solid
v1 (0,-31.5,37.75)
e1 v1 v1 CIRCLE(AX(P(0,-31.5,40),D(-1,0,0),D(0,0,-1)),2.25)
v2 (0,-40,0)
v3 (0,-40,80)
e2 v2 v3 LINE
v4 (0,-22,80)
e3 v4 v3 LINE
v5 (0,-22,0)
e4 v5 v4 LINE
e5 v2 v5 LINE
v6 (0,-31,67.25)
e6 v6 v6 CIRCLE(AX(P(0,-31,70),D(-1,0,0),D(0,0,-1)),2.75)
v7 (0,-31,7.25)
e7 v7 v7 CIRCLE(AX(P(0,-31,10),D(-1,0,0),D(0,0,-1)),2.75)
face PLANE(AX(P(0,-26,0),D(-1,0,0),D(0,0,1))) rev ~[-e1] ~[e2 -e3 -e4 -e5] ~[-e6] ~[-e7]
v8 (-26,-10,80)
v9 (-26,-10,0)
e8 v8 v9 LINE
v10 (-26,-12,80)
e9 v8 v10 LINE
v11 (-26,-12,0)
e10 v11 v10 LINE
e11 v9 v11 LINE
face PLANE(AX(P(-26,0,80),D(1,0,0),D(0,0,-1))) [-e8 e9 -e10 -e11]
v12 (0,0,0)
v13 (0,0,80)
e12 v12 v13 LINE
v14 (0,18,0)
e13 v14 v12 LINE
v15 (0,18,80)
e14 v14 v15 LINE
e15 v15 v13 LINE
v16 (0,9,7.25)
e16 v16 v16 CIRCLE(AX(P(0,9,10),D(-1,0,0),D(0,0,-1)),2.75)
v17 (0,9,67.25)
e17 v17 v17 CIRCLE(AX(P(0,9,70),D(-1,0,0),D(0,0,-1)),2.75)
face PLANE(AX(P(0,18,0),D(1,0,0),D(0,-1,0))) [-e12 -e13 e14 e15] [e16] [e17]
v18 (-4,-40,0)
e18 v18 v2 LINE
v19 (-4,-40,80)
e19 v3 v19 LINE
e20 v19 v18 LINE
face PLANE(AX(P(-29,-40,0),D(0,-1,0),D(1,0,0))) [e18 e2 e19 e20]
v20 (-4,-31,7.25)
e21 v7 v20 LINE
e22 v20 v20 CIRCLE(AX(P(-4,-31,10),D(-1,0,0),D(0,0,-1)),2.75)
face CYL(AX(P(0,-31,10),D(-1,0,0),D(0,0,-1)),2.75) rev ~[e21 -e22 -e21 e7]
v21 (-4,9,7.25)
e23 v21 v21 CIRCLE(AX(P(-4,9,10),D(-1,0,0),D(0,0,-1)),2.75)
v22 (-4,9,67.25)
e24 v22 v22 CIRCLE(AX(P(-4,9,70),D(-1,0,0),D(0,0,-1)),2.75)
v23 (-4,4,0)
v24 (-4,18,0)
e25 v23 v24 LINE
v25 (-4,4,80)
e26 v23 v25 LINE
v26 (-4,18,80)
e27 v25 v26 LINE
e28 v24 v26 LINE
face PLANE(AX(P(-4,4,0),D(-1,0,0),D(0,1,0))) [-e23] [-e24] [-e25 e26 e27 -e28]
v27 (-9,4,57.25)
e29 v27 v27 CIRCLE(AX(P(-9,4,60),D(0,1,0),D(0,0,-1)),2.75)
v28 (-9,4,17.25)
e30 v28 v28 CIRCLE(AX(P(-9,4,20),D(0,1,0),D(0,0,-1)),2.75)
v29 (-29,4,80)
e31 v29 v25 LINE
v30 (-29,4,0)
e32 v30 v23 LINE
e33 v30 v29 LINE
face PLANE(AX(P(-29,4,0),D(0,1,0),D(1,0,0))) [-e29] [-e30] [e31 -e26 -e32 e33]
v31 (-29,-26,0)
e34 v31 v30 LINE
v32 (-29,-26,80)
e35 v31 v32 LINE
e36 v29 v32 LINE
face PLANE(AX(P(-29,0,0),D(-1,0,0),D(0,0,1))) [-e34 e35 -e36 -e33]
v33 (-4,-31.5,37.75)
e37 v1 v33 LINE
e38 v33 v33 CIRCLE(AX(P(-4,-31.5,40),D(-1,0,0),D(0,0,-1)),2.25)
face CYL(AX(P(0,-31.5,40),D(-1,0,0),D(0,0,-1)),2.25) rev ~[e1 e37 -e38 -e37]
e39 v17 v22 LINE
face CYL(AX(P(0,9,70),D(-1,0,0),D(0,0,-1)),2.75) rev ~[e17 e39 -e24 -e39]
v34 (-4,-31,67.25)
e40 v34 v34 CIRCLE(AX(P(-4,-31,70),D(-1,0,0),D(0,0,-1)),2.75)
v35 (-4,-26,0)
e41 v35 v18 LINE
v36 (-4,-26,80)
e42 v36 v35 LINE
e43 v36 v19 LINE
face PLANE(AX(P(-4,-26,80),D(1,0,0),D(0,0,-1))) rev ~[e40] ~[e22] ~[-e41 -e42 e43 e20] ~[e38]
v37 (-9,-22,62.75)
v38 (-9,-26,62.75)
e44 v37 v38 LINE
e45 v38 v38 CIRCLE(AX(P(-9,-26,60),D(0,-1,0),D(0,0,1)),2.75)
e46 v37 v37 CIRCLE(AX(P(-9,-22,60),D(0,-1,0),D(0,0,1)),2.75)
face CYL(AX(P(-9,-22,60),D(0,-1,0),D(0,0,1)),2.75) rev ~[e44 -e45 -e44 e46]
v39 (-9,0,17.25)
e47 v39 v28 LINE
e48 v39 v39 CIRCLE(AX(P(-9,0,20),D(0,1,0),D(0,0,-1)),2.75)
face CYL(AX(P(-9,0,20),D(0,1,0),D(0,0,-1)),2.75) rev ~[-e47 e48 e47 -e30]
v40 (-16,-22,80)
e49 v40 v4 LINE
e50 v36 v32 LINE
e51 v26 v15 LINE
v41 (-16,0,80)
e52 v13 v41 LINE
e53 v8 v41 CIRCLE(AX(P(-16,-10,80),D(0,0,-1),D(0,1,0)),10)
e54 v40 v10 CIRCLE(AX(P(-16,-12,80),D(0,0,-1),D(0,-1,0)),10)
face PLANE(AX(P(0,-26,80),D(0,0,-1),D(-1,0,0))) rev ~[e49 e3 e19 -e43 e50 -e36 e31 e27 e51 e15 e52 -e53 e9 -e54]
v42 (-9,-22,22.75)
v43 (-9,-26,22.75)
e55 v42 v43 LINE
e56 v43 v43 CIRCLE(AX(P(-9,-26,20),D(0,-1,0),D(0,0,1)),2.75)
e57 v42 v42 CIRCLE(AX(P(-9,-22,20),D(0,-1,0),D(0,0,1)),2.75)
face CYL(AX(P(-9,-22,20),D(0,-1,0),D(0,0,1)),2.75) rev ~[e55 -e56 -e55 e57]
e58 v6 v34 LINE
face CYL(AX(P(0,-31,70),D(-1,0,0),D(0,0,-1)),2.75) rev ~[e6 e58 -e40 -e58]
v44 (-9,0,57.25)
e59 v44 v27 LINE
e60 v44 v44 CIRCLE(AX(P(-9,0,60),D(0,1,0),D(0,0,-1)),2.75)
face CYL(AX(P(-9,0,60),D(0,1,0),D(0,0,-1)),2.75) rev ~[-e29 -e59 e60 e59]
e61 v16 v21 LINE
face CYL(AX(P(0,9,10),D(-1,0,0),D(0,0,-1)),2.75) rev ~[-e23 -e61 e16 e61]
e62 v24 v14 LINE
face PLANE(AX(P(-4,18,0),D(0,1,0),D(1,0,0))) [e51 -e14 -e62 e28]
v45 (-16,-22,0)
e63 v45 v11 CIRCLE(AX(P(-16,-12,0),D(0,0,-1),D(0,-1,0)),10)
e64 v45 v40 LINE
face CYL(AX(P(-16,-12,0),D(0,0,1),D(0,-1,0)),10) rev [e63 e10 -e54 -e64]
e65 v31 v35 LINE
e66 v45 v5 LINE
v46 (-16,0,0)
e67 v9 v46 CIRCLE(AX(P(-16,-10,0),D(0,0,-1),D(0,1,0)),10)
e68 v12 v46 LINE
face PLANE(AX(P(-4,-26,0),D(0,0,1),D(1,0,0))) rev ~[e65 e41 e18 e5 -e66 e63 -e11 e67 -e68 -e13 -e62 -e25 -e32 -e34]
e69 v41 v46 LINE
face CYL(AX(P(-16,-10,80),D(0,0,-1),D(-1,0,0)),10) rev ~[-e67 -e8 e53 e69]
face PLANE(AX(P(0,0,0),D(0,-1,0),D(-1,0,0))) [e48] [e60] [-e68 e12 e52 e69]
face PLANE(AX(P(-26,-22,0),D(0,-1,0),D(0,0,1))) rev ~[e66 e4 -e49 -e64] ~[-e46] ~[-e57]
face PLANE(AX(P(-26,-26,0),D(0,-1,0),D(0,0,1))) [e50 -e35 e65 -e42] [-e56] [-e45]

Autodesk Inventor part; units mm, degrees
ref_plane "YZ Plane" through (0, 0, 0) normal (1, 0, 0) x (0, 1, 0)
ref_plane "XZ Plane" through (0, 0, 0) normal (0, 1, 0) x (-1, 0, 0)
ref_plane "XY Plane" through (0, 0, 0) normal (0, 0, 1) x (1, 0, 0)
sketch "Sketch1" plane through (0, 0, 0) normal (0, 0, 1) x (1, 0, 0)
  line L0 (0, 0) -> (-29, 0)
  line L1 (-29, 0) -> (-29, 4)
  line L2 (-29, 4) -> (-4, 4)
  line L3 (-4, 4) -> (-4, 18)
  line L4 (-4, 18) -> (0, 18)
  line L5 (0, 18) -> (0, 0)
  dimension "d0" = 4
  dimension "d1" = 4
  dimension "d2" = 29
  dimension "d3" = 18
extrude "Extrusion1" add sketch "Sketch1" along normal blind 80
sketch "Sketch3" plane through (0, 0, 0) normal (1, 0, 0) x (0, 0, -1)
  line L0 (0, 0) -> (-80, 0) projected
  line L1 (-80, 0) -> (-80, 18) projected
  line L2 (0, 0) -> (0, 18) projected
  point P0 (-70, 9)
  point P1 (-10, 9)
  dimension "d9" = 9
  dimension "d10" = 10
  dimension "d11" = 10
hole "Hole1" at (0, 9, 70) at (0, 9, 10) direction (-1, 0, 0) diameter 5.5 end through all
sketch "Sketch4" plane through (-29, 0, 0) normal (0, -1, 0) x (1, 0, 0)
  line L0 (29, 0) -> (29, 80) projected
  line L1 (0, 0) -> (29, 0) projected
  point P0 (20, 60)
  point P1 (20, 20)
  dimension "d19" = 9
  dimension "d20" = 20
  dimension "d21" = 20
hole "Hole2" at (-9, 0, 60) at (-9, 0, 20) direction (0, 1, 0) diameter 5.5 end through all
sketch "Sketch9" plane through (-29, 0, 0) normal (0, -1, 0) x (1, 0, 0)
  line L0 (25, 80) -> (0, 80) projected
  line L1 (25, 0) -> (0, 0) projected
  line L2 (0, 80) -> (3, 80)
  line L3 (3, 80) -> (3, 0)
  line L4 (3, 0) -> (0, 0)
  line L5 (0, 0) -> (0, 80)
  point P0 (29, 0)
  point P1 (3, 80)
  dimension "d57" = 3
extrude "Extrusion5" add sketch "Sketch9" along normal blind 26
sketch "Sketch10" plane through (-26, 0, 80) normal (1, 0, 0) x (0, 0, -1)
  line L0 (80, -26) -> (0, -26) projected
  line L1 (80, 4) -> (80, -26) projected
  line L2 (0, -26) -> (80, -26)
  line L3 (80, -26) -> (80, -22)
  line L4 (80, -22) -> (0, -22)
  line L5 (0, -22) -> (0, -26)
  point P0 (80, 0)
  dimension "d60" = 4
extrude "Extrusion6" add sketch "Sketch10" along normal blind 26
sketch "Sketch11" plane through (-29, -26, 0) normal (0, -1, 0) x (1, 0, 0)
  line L0 (29, 80) -> (25, 80) projected
  line L1 (25, 0) -> (0, 0) projected
  line L2 (29, 80) -> (25, 80)
  line L3 (25, 80) -> (25, 0)
  line L4 (25, 0) -> (29, 0)
  line L5 (29, 0) -> (29, 80)
  point P0 (29, 0)
  dimension "d63" = 4
extrude "Extrusion7" add sketch "Sketch11" along normal blind 14
sketch "Sketch12" plane through (0, 0, 80) normal (1, 0, 0) x (0, 0, -1)
  circle A0 centre (10, 9) radius 2.75 projected
  circle A1 centre (70, 9) radius 2.75 projected
  line L0 (80, 18) -> (0, 18) projected
  line L1 (80, -40) -> (0, -40) projected
  line L2 (80, -22) -> (0, -22) projected
  point P0 (80, 0)
  point P1 (10, -31)
  point P2 (70, -31)
  point P3 (51, 18)
  dimension "d66" = 9
  dimension "d85" = 9
hole "Hole5" at (0, -31, 70) at (0, -31, 10) direction (-1, 0, 0) diameter 5.5 end through all
sketch "Sketch14" plane through (-26, -22, 80) normal (0, 1, 0) x (1, 0, 0)
  circle A0 centre (17, 20) radius 2.75 projected
  circle A1 centre (17, 60) radius 2.75 projected
  point P0 (26, 80)
hole "Hole6" at (-9, -22, 60) at (-9, -22, 20) direction (0, -1, 0) diameter 5.5 end through all
sketch "Sketch24" plane through (0, 0, 80) normal (1, 0, 0) x (0, 0, -1)
  line L0 (80, -40) -> (0, -40) projected
  line L1 (0, -22) -> (0, -40) projected
  point P0 (80, 0)
  point P1 (40, -31.5)
  dimension "d157" = 8.5
  dimension "d158" = 40
hole "Hole9" at (0, -31.5, 40) direction (-1, 0, 0) diameter 4.5 depth 8 tip angle 118
fillet "Fillet1" radius 10 2 edges at (-26, -22, 40) (-26, 0, 40)
equation "\"d11\" = d10"
equation "\"d21\" = d20"
